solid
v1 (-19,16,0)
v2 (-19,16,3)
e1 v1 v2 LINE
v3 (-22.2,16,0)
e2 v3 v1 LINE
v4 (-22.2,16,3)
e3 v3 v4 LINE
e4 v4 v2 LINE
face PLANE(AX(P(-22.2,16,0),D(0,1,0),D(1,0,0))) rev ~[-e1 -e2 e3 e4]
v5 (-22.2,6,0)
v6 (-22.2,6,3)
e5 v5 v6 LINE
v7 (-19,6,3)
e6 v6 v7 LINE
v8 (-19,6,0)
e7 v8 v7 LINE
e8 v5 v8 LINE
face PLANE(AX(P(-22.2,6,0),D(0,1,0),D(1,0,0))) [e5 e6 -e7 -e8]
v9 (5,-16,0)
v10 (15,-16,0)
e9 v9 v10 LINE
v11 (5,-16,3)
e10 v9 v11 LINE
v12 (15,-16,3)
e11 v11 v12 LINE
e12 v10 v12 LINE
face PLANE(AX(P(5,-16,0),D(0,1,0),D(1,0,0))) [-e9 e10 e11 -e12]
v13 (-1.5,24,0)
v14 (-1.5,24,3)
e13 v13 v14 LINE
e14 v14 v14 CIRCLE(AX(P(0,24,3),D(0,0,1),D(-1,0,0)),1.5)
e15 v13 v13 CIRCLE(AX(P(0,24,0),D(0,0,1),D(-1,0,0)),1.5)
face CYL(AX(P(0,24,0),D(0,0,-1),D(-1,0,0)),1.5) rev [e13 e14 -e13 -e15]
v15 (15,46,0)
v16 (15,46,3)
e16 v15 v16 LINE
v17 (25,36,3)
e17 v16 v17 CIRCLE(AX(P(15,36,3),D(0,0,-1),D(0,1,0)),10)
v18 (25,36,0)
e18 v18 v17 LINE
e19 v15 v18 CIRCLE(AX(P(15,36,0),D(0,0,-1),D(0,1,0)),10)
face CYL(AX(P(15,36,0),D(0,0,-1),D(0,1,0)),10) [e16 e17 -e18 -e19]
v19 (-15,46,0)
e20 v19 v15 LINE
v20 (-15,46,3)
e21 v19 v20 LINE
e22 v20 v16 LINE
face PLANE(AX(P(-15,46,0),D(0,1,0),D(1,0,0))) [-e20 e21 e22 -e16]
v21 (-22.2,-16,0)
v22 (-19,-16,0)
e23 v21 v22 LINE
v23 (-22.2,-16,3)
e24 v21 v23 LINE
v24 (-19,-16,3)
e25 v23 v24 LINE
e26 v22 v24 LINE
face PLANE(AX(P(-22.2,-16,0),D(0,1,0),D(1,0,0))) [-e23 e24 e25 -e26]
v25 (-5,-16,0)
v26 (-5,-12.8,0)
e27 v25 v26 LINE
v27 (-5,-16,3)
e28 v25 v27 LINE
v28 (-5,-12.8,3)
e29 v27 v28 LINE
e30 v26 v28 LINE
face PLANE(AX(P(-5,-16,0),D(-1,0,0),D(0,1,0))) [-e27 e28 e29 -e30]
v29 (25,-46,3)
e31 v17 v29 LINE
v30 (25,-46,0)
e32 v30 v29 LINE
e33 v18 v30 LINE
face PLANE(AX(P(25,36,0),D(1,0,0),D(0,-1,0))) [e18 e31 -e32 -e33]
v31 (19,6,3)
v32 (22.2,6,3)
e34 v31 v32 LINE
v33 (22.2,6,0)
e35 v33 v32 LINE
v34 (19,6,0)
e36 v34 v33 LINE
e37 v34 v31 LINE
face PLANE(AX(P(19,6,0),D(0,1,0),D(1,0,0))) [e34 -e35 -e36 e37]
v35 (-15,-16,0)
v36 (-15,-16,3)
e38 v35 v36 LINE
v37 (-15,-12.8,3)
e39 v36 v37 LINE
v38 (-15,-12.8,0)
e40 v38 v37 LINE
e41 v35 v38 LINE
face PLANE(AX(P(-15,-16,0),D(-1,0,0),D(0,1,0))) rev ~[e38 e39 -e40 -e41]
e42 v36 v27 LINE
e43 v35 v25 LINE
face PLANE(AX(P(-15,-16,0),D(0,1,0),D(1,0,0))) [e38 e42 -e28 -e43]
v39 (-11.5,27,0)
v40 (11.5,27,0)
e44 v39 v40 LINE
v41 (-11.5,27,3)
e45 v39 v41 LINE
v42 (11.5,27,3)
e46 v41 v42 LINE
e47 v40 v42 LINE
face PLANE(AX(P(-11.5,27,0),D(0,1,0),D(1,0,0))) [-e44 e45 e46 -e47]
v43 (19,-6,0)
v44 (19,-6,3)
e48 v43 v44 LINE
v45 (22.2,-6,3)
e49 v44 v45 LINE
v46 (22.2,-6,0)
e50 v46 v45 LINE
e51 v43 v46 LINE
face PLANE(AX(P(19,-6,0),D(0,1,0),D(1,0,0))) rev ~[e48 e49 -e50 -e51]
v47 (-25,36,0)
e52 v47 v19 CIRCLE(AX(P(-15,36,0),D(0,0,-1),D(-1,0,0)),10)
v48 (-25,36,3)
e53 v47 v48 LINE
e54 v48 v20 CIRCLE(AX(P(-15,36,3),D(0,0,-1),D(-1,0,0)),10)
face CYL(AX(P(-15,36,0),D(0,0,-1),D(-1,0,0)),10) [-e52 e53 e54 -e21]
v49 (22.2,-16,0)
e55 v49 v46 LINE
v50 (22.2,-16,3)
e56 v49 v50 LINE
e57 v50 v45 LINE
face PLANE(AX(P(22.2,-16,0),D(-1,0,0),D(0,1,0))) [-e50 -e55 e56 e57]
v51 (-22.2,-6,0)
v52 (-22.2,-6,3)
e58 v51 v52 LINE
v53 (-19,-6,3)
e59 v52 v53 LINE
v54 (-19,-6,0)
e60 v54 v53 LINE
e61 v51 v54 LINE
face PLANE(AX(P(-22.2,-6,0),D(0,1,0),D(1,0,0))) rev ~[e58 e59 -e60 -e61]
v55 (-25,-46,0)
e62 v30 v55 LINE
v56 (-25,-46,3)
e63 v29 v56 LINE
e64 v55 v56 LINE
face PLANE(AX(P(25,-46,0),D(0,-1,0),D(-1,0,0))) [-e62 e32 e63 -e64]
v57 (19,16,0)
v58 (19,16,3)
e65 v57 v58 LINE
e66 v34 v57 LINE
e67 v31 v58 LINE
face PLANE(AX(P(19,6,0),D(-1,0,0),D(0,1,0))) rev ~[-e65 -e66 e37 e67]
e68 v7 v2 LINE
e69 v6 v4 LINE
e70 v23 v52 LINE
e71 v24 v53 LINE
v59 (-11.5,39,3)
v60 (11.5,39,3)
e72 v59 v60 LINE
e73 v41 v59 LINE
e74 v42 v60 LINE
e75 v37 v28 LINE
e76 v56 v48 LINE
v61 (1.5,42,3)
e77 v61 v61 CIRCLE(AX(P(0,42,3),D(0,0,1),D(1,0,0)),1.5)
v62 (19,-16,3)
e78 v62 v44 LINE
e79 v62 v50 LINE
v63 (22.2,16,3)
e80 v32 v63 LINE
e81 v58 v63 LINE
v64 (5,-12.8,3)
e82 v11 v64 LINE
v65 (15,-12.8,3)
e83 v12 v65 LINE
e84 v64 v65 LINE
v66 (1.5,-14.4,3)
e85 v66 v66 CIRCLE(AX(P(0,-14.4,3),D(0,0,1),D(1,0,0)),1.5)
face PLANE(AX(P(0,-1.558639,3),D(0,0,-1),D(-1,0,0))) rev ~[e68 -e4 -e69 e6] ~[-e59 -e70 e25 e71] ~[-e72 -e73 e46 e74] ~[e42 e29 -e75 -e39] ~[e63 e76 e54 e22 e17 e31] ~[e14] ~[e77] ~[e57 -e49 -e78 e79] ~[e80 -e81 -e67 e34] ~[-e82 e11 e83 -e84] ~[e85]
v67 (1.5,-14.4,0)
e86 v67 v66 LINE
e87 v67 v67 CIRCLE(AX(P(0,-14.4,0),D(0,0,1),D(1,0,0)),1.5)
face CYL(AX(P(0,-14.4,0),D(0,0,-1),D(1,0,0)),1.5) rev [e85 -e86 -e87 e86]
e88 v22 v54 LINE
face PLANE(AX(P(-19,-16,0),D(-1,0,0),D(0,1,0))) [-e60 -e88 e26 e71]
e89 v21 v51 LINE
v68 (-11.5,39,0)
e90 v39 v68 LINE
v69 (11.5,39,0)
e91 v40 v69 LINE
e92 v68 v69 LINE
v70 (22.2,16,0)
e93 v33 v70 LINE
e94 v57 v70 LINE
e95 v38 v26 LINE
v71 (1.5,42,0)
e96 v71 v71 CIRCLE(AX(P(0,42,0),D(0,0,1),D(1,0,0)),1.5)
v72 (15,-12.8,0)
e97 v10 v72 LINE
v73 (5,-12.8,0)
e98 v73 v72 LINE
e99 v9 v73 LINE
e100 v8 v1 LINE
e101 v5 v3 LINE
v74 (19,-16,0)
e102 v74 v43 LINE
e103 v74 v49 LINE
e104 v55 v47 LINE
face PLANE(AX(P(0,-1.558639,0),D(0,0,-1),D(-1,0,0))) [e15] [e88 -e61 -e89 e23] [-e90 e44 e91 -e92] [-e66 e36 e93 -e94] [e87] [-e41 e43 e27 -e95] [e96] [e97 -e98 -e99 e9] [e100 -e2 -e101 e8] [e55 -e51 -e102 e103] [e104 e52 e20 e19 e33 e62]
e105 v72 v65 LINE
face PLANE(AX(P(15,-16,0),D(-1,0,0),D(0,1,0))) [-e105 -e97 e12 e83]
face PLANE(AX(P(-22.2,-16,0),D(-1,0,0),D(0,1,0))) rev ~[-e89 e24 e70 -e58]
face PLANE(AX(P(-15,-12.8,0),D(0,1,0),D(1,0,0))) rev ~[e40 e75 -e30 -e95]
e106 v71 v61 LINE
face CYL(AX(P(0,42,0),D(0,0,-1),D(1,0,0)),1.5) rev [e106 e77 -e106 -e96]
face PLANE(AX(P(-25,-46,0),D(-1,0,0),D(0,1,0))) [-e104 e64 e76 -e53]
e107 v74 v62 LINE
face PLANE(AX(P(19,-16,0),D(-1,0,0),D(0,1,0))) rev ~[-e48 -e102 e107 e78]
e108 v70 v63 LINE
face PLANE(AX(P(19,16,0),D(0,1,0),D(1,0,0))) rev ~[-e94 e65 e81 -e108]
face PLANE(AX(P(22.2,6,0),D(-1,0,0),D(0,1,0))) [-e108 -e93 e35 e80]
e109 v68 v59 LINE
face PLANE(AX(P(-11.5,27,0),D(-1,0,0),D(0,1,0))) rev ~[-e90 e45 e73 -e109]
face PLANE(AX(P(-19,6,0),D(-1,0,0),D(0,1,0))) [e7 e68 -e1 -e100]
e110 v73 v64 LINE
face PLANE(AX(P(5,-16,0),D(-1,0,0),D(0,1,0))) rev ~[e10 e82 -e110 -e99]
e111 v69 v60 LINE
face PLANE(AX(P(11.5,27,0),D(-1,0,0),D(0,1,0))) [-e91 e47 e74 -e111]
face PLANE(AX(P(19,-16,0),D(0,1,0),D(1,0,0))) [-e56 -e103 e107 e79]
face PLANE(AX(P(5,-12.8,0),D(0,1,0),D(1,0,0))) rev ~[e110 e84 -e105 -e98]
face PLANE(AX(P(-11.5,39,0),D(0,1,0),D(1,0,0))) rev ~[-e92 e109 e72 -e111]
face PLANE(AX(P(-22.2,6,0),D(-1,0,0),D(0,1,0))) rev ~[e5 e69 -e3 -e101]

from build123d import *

# Parameters (mm, degrees)
CROQUIS1_R              = 1.5
CROQUIS1_W              = 3.2
CROQUIS1_H              = 10
CROQUIS1_W_2            = 23
CROQUIS1_H_2            = 12
CROQUIS1_W_3            = 10
CROQUIS1_H_3            = 3.2
SALIENTE_EXTRUIR1_DEPTH = 3


with BuildPart() as part:
    # Croquis1 → Saliente-Extruir1 (new body)
    with BuildSketch(Plane.XY):
        with BuildLine():
            Line((25, -46), (-25, -46))
            Line((-25, -46), (-25, 36))
            ThreePointArc((-25, 36), (-22.071067812, 43.071067812), (-15, 46))
            Line((-15, 46), (15, 46))
            ThreePointArc((15, 46), (22.071067812, 43.071067812), (25, 36))
            Line((25, 36), (25, -46))
        make_face()
        with Locations((0, 42)):
            Circle(CROQUIS1_R, mode=Mode.SUBTRACT)
        with Locations(Location((0, 24, 0), (0, 0, 180))):
            Circle(CROQUIS1_R, mode=Mode.SUBTRACT)
        with Locations((0, -14.4)):
            Circle(CROQUIS1_R, mode=Mode.SUBTRACT)
        with Locations((-20.6, 11)):
            Rectangle(CROQUIS1_W, CROQUIS1_H, mode=Mode.SUBTRACT)
        with Locations((-20.6, -11)):
            Rectangle(CROQUIS1_W, CROQUIS1_H, mode=Mode.SUBTRACT)
        with Locations((20.6, 11)):
            Rectangle(CROQUIS1_W, CROQUIS1_H, mode=Mode.SUBTRACT)
        with Locations((20.6, -11)):
            Rectangle(CROQUIS1_W, CROQUIS1_H, mode=Mode.SUBTRACT)
        with Locations((0, 33)):
            Rectangle(CROQUIS1_W_2, CROQUIS1_H_2, mode=Mode.SUBTRACT)
        with Locations((10, -14.4)):
            Rectangle(CROQUIS1_W_3, CROQUIS1_H_3, mode=Mode.SUBTRACT)
        with Locations((-10, -14.4)):
            Rectangle(CROQUIS1_W_3, CROQUIS1_H_3, mode=Mode.SUBTRACT)
    extrude(amount=SALIENTE_EXTRUIR1_DEPTH)


solid = part.part
